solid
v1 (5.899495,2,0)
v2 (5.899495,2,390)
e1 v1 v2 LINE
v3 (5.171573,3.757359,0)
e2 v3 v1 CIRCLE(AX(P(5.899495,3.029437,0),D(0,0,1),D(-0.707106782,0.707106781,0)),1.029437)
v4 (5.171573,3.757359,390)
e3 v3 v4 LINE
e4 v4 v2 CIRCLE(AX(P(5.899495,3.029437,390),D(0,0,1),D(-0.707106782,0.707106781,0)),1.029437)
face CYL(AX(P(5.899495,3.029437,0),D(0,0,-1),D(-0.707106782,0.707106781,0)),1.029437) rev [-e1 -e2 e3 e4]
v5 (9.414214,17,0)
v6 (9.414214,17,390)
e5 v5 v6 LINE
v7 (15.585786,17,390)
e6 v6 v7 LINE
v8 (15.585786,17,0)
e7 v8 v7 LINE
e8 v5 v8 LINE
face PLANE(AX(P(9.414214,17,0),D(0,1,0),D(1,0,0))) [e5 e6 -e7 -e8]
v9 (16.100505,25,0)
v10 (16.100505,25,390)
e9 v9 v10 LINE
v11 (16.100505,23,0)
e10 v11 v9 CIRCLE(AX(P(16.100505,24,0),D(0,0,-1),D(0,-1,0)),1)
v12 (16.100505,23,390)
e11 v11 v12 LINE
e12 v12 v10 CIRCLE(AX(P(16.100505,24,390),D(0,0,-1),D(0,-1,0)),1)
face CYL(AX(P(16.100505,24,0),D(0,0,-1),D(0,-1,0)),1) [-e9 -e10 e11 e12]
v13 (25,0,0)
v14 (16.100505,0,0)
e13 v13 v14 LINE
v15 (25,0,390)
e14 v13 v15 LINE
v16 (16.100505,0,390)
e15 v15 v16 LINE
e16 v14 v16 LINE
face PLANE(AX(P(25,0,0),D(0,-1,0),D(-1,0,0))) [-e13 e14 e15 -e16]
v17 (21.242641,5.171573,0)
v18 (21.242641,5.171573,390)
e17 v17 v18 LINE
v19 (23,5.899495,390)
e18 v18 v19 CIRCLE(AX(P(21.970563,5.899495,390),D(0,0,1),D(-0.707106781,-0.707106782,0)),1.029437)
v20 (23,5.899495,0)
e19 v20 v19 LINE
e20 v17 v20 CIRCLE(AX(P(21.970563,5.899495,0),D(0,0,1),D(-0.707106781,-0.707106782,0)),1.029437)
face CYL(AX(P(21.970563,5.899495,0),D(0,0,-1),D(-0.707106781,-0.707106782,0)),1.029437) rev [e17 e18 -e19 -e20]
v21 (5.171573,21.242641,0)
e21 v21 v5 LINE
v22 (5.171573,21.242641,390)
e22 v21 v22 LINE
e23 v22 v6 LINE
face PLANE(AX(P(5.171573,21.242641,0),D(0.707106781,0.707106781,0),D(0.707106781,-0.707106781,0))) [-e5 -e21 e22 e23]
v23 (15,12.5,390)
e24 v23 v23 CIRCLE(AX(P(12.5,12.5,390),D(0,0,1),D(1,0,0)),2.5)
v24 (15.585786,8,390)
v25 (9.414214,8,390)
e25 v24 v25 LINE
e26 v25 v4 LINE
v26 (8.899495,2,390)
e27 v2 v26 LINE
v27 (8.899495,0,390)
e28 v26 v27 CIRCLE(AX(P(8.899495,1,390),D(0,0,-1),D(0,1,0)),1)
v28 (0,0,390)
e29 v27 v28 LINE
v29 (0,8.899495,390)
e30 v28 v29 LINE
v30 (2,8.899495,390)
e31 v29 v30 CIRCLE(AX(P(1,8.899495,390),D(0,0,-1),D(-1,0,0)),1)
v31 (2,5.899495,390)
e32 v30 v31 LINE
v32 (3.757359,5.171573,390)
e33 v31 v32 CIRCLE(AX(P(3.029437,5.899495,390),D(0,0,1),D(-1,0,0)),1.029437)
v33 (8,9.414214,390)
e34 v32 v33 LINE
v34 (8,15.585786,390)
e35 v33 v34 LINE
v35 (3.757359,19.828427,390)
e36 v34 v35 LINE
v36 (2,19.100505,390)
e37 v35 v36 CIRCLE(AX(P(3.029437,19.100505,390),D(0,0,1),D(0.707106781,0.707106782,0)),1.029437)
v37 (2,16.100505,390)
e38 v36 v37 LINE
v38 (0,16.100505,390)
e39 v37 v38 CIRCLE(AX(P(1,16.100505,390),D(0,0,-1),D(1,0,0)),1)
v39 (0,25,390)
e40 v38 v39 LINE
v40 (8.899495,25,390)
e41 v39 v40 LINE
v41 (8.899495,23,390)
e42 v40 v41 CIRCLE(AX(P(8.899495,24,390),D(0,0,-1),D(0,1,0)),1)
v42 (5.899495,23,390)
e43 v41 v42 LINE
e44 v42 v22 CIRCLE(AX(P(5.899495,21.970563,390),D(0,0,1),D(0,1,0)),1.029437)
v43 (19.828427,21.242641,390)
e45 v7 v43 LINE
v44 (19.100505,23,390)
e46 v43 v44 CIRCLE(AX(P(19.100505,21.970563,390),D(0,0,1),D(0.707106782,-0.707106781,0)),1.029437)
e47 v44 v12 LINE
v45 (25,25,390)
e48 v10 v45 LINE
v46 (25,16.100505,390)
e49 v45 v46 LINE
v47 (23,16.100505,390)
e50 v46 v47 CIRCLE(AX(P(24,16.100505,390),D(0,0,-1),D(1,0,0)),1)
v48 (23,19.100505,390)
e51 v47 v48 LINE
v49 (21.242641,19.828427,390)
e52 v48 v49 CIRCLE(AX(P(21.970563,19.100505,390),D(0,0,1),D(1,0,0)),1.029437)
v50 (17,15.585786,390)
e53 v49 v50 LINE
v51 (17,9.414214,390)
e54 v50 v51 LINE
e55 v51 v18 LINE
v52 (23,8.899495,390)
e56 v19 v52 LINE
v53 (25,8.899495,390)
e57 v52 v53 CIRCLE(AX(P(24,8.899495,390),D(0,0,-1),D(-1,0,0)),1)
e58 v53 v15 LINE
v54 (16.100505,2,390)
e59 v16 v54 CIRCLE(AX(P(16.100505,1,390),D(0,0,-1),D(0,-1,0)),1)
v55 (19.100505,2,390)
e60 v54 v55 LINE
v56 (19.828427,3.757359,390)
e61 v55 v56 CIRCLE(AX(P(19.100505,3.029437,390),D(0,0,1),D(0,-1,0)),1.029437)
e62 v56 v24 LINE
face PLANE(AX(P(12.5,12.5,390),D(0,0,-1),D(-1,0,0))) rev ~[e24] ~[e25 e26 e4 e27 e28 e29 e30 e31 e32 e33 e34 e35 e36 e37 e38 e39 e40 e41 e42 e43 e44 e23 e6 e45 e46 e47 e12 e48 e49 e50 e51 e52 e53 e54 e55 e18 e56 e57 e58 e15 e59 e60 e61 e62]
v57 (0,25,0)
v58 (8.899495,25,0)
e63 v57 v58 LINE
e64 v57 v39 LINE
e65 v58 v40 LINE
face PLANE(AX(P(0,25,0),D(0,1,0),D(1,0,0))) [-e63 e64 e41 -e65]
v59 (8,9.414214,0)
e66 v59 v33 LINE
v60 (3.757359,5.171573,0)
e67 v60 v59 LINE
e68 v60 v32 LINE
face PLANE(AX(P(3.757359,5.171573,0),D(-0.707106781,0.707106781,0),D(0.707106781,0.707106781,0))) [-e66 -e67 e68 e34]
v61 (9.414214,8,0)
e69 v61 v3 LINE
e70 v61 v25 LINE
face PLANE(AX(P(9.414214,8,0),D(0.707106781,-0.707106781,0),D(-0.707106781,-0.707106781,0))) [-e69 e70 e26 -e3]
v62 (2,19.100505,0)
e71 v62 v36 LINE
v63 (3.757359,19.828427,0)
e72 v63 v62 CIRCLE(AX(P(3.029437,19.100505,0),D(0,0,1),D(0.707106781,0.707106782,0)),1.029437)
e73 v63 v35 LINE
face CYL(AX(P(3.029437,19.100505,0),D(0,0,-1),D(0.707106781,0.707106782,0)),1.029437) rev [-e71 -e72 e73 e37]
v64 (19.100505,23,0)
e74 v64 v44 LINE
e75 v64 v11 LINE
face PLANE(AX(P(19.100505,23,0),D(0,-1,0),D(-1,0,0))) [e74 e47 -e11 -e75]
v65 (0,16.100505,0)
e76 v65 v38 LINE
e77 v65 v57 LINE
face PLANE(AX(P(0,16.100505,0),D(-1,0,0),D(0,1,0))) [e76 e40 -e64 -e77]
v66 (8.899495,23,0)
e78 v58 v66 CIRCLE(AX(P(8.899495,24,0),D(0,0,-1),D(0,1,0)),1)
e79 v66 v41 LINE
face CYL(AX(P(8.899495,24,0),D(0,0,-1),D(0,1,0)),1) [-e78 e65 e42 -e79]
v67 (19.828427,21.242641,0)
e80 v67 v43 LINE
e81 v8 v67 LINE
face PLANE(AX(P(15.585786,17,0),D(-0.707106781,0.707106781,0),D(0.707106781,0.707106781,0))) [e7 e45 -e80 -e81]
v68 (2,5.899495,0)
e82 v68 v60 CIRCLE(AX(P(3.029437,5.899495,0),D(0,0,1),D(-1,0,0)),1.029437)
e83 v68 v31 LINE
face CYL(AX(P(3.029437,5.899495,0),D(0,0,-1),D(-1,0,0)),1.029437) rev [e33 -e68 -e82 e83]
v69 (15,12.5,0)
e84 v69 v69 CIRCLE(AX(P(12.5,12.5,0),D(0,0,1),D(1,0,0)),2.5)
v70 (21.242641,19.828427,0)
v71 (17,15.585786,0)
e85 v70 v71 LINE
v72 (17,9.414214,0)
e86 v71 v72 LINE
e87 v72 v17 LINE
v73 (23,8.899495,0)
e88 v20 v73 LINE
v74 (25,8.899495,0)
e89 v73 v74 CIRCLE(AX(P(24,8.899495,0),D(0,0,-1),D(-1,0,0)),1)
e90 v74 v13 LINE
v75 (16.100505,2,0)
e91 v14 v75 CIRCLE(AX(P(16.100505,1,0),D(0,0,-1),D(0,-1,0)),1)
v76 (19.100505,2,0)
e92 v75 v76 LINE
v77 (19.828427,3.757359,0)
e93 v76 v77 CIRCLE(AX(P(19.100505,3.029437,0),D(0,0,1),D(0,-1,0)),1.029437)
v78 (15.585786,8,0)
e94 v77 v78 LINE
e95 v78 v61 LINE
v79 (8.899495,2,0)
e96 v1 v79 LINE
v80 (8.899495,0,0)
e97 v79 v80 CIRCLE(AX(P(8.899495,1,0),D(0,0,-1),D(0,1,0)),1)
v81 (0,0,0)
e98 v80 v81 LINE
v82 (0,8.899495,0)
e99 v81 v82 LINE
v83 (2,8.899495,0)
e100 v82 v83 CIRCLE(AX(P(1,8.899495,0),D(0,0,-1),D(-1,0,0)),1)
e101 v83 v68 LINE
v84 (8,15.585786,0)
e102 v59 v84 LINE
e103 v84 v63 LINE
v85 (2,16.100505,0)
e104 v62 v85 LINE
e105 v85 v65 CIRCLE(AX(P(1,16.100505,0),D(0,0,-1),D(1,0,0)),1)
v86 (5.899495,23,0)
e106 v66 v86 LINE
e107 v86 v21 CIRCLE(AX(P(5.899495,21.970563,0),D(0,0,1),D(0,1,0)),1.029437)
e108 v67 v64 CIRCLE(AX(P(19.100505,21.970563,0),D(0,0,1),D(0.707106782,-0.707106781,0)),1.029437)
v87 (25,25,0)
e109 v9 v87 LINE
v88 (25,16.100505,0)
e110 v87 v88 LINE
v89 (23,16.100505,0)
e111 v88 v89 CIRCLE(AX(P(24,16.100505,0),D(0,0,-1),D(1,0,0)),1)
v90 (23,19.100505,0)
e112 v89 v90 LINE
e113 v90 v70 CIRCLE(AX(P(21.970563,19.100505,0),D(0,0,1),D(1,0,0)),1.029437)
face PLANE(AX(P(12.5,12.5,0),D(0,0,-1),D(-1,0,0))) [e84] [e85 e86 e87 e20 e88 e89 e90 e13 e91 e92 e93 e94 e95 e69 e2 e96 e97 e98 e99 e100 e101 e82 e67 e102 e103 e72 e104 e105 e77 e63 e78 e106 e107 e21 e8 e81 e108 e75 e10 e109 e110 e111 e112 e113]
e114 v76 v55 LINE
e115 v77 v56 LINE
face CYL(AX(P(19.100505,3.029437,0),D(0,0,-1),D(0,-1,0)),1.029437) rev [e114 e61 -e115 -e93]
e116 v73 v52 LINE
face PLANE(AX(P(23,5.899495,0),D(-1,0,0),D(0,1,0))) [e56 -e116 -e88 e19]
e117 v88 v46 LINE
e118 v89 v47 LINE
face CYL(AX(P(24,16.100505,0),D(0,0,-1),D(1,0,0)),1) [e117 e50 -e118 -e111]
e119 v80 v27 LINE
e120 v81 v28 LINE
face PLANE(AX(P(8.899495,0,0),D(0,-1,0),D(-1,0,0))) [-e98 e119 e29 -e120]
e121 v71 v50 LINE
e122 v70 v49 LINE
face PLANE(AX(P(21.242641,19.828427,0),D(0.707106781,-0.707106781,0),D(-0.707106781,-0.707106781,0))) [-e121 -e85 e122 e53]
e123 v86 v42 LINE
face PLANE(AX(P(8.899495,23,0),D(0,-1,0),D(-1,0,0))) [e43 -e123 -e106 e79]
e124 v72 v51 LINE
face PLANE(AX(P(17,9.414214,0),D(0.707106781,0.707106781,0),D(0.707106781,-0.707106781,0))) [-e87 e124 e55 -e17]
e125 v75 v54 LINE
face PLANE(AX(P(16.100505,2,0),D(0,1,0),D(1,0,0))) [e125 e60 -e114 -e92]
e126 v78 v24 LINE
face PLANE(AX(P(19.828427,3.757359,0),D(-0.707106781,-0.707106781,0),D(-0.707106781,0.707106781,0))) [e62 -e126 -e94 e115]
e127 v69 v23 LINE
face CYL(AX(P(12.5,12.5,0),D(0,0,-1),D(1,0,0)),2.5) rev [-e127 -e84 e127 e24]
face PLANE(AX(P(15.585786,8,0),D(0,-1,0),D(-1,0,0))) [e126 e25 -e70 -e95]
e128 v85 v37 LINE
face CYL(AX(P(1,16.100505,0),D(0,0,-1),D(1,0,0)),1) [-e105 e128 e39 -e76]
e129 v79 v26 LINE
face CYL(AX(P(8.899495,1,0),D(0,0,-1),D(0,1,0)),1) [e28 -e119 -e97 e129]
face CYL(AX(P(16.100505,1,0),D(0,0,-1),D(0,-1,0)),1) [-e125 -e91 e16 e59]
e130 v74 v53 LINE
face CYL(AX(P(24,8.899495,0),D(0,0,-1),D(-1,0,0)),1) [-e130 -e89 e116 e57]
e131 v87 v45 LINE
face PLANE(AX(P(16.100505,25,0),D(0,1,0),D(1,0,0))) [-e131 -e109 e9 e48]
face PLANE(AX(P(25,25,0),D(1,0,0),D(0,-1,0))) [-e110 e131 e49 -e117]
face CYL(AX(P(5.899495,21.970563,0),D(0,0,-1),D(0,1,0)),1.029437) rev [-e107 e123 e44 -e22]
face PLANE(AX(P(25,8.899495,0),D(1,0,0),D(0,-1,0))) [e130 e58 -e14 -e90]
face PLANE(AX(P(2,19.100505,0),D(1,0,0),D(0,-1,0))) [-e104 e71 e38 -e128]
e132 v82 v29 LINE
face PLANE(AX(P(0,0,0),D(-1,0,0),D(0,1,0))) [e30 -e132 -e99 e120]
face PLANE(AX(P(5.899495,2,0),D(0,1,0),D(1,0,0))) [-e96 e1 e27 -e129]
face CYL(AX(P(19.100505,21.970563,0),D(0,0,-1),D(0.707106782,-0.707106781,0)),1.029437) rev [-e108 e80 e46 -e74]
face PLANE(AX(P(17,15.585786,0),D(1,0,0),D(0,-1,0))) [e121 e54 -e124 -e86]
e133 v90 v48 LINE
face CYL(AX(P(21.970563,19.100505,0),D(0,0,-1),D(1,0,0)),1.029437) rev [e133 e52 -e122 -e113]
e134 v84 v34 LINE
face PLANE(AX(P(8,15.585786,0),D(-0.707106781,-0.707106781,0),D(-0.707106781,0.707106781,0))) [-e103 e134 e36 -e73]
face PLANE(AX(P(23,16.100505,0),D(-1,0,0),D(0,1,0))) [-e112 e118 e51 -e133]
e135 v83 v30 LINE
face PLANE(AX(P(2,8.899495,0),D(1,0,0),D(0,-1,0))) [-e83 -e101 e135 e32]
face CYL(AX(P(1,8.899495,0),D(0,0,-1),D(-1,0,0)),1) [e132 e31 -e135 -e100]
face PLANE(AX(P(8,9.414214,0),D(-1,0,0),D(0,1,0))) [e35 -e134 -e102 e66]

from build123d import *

# Parameters (mm, degrees)
SKETCH2_R           = 2.5
BOSS_EXTRUDE1_DEPTH = 390


with BuildPart() as part:
    # Sketch2 → Boss-Extrude1 (new body)
    with BuildSketch(Plane.XY):
        with BuildLine():
            ThreePointArc((16.100505063, 0), (15.100505063, 1), (16.100505063, 2))
            Line((16.100505063, 2), (19.100505063, 2))
            ThreePointArc((19.100505063, 2), (20.05158107, 2.635488671), (19.828427125, 3.757359313))
            Line((19.828427125, 3.757359313), (15.585786438, 8))
            Line((15.585786438, 8), (12.5, 8))
            Line((12.5, 8), (9.414213562, 8))
            Line((9.414213562, 8), (5.171572875, 3.757359313))
            ThreePointArc((5.171572875, 3.757359313), (4.94841893, 2.635488671), (5.899494937, 2))
            Line((5.899494937, 2), (8.899494937, 2))
            ThreePointArc((8.899494937, 2), (9.899494937, 1), (8.899494937, 0))
            Line((8.899494937, 0), (0, 0))
            Line((0, 0), (0, 8.899494937))
            ThreePointArc((0, 8.899494937), (1, 9.899494937), (2, 8.899494937))
            Line((2, 8.899494937), (2, 5.899494937))
            ThreePointArc((2, 5.899494937), (2.635488671, 4.94841893), (3.757359313, 5.171572875))
            Line((3.757359313, 5.171572875), (8, 9.414213562))
            Line((8, 9.414213562), (8, 12.5))
            Line((8, 12.5), (8, 15.585786438))
            Line((8, 15.585786438), (3.757359313, 19.828427125))
            ThreePointArc((3.757359313, 19.828427125), (2.635488671, 20.05158107), (2, 19.100505063))
            Line((2, 19.100505063), (2, 16.100505063))
            ThreePointArc((2, 16.100505063), (1, 15.100505063), (0, 16.100505063))
            Line((0, 16.100505063), (0, 25))
            Line((0, 25), (8.899494937, 25))
            ThreePointArc((8.899494937, 25), (9.899494937, 24), (8.899494937, 23))
            Line((8.899494937, 23), (5.899494937, 23))
            ThreePointArc((5.899494937, 23), (4.94841893, 22.364511329), (5.171572875, 21.242640687))
            Line((5.171572875, 21.242640687), (9.414213562, 17))
            Line((9.414213562, 17), (12.5, 17))
            Line((12.5, 17), (15.585786438, 17))
            Line((15.585786438, 17), (19.828427125, 21.242640687))
            ThreePointArc((19.828427125, 21.242640687), (20.05158107, 22.364511329), (19.100505063, 23))
            Line((19.100505063, 23), (16.100505063, 23))
            ThreePointArc((16.100505063, 23), (15.100505063, 24), (16.100505063, 25))
            Line((16.100505063, 25), (25, 25))
            Line((25, 25), (25, 16.100505063))
            ThreePointArc((25, 16.100505063), (24, 15.100505063), (23, 16.100505063))
            Line((23, 16.100505063), (23, 19.100505063))
            ThreePointArc((23, 19.100505063), (22.364511329, 20.05158107), (21.242640687, 19.828427125))
            Line((21.242640687, 19.828427125), (17, 15.585786438))
            Line((17, 15.585786438), (17, 12.5))
            Line((17, 12.5), (17, 9.414213562))
            Line((17, 9.414213562), (21.242640687, 5.171572875))
            ThreePointArc((21.242640687, 5.171572875), (22.364511329, 4.94841893), (23, 5.899494937))
            Line((23, 5.899494937), (23, 8.899494937))
            ThreePointArc((23, 8.899494937), (24, 9.899494937), (25, 8.899494937))
            Line((25, 8.899494937), (25, 0))
            Line((25, 0), (16.100505063, 0))
        make_face()
        with Locations((12.5, 12.5)):
            Circle(SKETCH2_R, mode=Mode.SUBTRACT)
    extrude(amount=BOSS_EXTRUDE1_DEPTH)


solid = part.part
